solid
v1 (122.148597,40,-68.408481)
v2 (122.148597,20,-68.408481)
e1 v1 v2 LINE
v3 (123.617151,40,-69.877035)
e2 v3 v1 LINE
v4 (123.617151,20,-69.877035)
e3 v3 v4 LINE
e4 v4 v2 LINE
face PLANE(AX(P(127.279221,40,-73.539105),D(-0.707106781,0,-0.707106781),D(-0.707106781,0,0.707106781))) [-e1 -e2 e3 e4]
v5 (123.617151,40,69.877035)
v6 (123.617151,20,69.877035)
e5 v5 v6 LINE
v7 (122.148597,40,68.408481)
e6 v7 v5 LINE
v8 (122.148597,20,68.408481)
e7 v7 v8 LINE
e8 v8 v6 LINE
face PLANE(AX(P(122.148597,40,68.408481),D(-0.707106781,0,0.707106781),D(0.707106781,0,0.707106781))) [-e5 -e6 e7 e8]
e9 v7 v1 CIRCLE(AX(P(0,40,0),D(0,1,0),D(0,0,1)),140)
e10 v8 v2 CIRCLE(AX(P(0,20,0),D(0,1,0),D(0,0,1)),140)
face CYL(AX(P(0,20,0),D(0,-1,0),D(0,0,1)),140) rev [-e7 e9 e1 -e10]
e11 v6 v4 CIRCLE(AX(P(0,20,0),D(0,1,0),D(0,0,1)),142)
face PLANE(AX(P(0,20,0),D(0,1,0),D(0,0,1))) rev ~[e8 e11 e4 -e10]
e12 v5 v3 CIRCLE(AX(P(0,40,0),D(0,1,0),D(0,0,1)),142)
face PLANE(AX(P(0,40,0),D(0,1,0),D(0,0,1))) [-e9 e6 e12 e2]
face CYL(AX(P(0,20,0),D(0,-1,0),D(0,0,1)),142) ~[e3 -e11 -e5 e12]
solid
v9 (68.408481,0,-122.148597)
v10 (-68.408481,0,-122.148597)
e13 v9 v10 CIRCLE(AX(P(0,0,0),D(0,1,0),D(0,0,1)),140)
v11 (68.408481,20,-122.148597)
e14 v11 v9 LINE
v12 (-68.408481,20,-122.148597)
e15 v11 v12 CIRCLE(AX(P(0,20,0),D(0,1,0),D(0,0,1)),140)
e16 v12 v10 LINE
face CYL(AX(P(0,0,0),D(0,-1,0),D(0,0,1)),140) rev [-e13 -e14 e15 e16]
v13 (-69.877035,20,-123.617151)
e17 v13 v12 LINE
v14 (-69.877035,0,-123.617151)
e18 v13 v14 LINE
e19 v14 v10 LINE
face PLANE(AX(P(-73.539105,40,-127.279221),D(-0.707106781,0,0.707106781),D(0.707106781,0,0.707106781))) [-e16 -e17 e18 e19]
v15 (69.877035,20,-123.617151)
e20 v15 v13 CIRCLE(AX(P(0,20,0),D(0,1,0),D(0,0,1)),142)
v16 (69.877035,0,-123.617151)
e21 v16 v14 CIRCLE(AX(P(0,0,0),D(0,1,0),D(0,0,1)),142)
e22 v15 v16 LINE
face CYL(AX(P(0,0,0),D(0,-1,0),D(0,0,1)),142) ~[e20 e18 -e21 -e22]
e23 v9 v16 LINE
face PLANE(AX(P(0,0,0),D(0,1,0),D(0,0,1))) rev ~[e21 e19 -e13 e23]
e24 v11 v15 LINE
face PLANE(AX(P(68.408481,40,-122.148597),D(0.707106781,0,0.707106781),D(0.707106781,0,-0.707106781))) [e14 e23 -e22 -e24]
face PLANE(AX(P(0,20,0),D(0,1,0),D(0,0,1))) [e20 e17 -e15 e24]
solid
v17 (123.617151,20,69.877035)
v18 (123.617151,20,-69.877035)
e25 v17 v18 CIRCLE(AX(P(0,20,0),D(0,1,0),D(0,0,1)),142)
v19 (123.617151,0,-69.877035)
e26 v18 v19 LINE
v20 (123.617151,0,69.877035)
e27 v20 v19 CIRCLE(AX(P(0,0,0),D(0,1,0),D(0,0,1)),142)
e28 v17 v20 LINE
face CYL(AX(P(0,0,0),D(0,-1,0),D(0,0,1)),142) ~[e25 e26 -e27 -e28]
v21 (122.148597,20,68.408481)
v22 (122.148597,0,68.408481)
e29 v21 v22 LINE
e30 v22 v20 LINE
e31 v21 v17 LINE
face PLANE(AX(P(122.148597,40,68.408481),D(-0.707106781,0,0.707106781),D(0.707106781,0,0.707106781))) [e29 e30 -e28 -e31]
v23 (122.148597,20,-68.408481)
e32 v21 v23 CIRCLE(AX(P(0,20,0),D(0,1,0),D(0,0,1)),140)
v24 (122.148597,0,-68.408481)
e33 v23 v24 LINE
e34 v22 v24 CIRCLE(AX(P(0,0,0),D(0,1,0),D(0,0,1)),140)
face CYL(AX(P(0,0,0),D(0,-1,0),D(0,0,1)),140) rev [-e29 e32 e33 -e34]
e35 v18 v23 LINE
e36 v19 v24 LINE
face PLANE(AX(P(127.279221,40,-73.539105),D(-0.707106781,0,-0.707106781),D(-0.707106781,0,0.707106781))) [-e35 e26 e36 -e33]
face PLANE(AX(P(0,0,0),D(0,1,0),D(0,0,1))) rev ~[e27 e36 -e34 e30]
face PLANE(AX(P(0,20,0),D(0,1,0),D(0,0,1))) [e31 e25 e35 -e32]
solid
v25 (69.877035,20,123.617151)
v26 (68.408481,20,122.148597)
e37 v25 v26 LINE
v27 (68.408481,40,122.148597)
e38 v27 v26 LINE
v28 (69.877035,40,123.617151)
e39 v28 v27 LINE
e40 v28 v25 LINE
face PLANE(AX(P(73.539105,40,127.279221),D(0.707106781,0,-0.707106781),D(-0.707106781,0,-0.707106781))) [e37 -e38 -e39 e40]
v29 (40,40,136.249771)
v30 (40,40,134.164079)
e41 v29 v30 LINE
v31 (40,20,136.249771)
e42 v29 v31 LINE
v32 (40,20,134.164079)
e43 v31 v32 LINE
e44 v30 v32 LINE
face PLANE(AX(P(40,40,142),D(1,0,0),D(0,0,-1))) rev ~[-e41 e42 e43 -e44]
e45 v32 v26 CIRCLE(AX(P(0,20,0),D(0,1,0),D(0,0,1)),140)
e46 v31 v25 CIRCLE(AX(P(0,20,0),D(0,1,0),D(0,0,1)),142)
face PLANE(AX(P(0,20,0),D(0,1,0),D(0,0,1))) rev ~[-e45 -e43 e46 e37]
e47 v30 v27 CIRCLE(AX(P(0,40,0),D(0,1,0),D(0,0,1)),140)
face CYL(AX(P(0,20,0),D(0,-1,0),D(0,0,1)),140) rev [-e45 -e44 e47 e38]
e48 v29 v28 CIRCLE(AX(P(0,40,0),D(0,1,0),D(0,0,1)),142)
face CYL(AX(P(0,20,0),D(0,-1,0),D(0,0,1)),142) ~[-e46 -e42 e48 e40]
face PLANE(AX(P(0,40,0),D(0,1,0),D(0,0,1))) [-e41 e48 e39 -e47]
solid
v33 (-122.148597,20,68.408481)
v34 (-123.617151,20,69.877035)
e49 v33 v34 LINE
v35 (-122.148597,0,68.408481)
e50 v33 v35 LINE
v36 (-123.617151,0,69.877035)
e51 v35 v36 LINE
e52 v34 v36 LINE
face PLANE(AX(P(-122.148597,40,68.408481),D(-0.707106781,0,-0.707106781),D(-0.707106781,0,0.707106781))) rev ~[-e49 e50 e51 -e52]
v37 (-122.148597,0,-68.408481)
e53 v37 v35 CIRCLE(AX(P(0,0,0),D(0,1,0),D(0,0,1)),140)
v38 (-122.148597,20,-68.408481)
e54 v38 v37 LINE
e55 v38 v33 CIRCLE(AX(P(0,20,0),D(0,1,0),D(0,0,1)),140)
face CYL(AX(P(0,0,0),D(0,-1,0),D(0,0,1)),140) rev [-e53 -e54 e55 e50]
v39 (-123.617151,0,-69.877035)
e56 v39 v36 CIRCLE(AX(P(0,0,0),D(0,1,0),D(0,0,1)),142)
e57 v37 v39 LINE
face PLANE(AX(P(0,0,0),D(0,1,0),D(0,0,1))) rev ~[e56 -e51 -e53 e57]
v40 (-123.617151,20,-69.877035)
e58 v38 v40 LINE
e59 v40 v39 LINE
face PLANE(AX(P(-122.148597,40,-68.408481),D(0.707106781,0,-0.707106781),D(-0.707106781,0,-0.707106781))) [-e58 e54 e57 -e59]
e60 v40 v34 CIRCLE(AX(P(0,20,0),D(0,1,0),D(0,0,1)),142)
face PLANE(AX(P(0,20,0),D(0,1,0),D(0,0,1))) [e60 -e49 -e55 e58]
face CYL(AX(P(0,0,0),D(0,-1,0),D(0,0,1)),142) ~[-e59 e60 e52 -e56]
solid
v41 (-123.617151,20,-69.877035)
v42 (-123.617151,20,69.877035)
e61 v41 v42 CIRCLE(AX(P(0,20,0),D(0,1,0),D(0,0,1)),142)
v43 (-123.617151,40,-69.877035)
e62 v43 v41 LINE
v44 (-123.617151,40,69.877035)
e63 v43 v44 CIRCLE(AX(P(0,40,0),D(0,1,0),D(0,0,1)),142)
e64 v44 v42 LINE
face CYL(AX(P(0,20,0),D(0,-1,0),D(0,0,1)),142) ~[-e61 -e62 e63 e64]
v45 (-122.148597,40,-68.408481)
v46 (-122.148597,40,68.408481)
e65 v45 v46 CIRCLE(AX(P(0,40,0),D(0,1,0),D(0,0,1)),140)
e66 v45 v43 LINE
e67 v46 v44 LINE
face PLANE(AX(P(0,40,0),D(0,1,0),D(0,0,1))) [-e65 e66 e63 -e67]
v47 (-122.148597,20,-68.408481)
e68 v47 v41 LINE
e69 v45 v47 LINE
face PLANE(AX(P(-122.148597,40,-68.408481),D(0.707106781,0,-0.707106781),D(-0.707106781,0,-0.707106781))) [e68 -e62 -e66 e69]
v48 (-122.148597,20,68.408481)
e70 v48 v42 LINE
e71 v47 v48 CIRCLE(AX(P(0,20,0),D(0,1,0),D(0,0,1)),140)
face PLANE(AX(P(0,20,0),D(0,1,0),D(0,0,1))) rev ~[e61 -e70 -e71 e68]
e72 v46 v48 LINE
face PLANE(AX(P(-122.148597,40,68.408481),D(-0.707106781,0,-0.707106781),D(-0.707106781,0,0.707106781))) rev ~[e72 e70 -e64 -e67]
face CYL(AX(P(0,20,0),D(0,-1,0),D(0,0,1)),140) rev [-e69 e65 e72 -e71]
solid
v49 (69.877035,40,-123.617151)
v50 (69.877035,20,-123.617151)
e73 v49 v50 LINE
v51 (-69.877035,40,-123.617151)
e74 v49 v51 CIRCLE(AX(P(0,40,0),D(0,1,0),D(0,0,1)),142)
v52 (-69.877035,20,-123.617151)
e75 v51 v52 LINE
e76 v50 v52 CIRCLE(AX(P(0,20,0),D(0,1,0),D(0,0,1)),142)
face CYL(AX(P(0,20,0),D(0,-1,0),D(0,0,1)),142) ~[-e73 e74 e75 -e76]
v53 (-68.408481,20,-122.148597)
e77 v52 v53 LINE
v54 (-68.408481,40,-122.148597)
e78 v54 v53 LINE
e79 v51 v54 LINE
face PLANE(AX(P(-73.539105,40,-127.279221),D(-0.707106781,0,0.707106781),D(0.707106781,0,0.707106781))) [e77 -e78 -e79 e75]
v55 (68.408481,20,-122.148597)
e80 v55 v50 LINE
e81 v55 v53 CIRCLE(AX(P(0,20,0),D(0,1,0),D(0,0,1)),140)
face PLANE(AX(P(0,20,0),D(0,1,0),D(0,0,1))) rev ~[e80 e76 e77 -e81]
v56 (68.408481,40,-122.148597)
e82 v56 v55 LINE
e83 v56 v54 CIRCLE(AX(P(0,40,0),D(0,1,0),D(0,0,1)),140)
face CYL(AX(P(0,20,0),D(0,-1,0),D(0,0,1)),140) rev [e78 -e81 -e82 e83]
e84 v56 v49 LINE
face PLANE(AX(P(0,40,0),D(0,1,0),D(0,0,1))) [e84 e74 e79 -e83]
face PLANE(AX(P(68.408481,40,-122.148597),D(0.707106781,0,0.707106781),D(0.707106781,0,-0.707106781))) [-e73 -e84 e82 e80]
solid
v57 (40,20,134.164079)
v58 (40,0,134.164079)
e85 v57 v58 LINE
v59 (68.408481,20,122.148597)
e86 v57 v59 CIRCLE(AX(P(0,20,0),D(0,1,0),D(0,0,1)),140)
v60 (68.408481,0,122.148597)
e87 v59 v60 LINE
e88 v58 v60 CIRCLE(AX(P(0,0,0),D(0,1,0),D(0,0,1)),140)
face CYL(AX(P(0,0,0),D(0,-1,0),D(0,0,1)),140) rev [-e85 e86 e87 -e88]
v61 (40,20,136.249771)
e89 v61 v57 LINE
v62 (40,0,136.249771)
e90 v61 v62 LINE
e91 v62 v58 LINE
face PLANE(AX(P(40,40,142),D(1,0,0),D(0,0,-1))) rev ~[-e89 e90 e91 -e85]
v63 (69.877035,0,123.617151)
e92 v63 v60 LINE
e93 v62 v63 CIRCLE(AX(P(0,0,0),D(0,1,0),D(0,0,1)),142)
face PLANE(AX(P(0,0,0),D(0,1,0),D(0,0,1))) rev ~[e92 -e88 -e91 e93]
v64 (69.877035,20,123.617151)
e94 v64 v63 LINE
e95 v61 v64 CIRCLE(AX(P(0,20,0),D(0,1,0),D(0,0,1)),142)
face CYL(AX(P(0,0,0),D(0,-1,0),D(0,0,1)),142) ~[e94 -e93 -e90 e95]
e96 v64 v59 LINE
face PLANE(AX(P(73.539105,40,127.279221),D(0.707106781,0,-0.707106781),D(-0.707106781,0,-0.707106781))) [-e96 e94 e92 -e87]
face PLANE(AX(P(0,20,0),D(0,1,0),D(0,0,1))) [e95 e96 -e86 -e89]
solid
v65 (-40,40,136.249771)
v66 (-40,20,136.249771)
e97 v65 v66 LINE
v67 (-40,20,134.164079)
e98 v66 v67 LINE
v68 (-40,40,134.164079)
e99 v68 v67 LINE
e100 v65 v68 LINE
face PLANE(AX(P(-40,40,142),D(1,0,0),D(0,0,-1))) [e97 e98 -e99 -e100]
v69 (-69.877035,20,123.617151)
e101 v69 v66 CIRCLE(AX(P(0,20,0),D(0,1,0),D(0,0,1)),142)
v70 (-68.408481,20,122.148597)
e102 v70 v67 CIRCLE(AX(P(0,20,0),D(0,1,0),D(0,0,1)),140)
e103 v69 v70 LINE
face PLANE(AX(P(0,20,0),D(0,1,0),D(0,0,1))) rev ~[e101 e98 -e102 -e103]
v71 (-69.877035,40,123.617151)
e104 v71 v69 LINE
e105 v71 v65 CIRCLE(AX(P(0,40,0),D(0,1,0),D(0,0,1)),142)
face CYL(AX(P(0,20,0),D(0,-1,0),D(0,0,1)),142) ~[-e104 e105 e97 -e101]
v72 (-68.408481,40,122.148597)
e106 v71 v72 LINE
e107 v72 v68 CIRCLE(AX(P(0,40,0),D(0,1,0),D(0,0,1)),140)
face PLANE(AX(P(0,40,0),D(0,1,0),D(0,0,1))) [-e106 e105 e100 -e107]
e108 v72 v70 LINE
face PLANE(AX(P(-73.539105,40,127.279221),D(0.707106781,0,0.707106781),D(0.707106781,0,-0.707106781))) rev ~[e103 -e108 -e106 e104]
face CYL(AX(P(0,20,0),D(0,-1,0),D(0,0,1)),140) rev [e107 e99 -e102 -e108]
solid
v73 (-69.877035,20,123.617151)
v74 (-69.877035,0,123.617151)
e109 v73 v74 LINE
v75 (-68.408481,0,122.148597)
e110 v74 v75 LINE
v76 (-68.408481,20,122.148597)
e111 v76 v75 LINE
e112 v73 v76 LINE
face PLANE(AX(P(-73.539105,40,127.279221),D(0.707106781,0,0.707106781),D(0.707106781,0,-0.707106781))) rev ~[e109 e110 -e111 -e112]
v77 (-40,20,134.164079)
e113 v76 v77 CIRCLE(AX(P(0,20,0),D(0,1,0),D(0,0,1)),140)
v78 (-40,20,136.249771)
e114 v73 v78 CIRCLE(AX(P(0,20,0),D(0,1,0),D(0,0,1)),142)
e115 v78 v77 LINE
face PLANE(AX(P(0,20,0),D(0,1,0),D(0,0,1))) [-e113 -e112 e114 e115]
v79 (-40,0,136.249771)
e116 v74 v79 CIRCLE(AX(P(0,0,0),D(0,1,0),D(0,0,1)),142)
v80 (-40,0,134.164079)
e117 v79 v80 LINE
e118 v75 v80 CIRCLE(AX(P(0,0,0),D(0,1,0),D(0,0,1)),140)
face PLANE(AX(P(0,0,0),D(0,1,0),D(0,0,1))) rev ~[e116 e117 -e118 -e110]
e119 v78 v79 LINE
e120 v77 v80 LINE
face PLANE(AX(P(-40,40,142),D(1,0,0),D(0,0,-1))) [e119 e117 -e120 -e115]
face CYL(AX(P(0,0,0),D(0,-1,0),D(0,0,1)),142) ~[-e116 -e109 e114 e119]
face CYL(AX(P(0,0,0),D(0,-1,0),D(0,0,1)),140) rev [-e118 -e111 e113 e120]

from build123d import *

# Parameters (mm, degrees)
SKETCH1_R           = 142
SKETCH1_R_2         = 140
BOSS_EXTRUDE1_DEPTH = 20
SKETCH2_R           = 142
SKETCH2_R_2         = 140
BOSS_EXTRUDE2_DEPTH = 20
SKETCH3_W           = 80
SKETCH3_H           = 7.83592135
CUT_EXTRUDE1_DEPTH  = 205.763277958
CUT_EXTRUDE2_DEPTH  = 205.763277958


with BuildPart() as part:
    # Sketch1 → Boss-Extrude1 (new body)
    with BuildSketch(Plane(origin=(0, 0, 0), x_dir=(1, 0, 0), z_dir=(0, 1, 0))):
        with Locations(Location((0, 0, 0), (0, 0, 270))):
            Circle(SKETCH1_R)
        with Locations(Location((0, 0, 0), (0, 0, 270))):
            Circle(SKETCH1_R_2, mode=Mode.SUBTRACT)
    extrude(amount=BOSS_EXTRUDE1_DEPTH)


with BuildPart() as body_2:
    # Sketch2 → Boss-Extrude2 (new body)
    with BuildSketch(Plane(origin=(0, 20, 0), x_dir=(1, 0, 0), z_dir=(0, 1, 0))):
        with Locations(Location((0, 0, 0), (0, 0, 270))):
            Circle(SKETCH2_R)
        with Locations(Location((0, 0, 0), (0, 0, 270))):
            Circle(SKETCH2_R_2, mode=Mode.SUBTRACT)
    extrude(amount=BOSS_EXTRUDE2_DEPTH)


with BuildPart() as cut_extrude1_tool:
    # Sketch3 → Cut-Extrude1 (new, through all)
    with BuildSketch(Plane(origin=(0, 40, 0), x_dir=(1, 0, 0), z_dir=(0, 1, 0))):
        with Locations((0, -138.082039325)):
            Rectangle(SKETCH3_W, SKETCH3_H)
    extrude(amount=-CUT_EXTRUDE1_DEPTH)


with BuildPart() as part_1:
    add(part.part)

    # Cut-Extrude1: cut by cut_extrude1_tool
    add(cut_extrude1_tool.part, mode=Mode.SUBTRACT)


with BuildPart() as body_2_1:
    add(body_2.part)

    # Cut-Extrude1: cut by cut_extrude1_tool
    add(cut_extrude1_tool.part, mode=Mode.SUBTRACT)


with BuildPart() as cut_extrude2_tool:
    # Sketch4 → Cut-Extrude2 (new, through all)
    with BuildSketch(Plane(origin=(0, 40, 0), x_dir=(1, 0, 0), z_dir=(0, 1, 0))):
        Polygon((-127.279220614, 73.539105243), (-73.539105243, 127.279220614), (-68.408481347, 122.148596717), (-122.148596717, 68.408481347), align=None)
        Polygon((68.408481347, -122.148596717), (122.148596717, -68.408481347), (127.279220614, -73.539105243), (73.539105243, -127.279220614), align=None)
        Polygon((73.539105243, 127.279220614), (127.279220614, 73.539105243), (122.148596717, 68.408481347), (68.408481347, 122.148596717), align=None)
        Polygon((-127.279220614, -73.539105243), (-73.539105243, -127.279220614), (-68.408481347, -122.148596717), (-122.148596717, -68.408481347), align=None)
    extrude(amount=-CUT_EXTRUDE2_DEPTH)


with BuildPart() as part_2:
    add(part_1.part)

    # Cut-Extrude2: cut by cut_extrude2_tool
    add(cut_extrude2_tool.part, mode=Mode.SUBTRACT)


with BuildPart() as body_2_2:
    add(body_2_1.part)

    # Cut-Extrude2: cut by cut_extrude2_tool
    add(cut_extrude2_tool.part, mode=Mode.SUBTRACT)


with BuildPart() as cut_extrude2_piece_1:
    # of the separate pieces the step leaves, piece 1, a body of its own (cut_extrude2_pieces)
    add(part_2.part.solids().sort_by_distance((122.148596717, 0, 68.408481347))[0])


with BuildPart() as cut_extrude2_piece_2:
    # of the separate pieces the step leaves, piece 2, a body of its own (cut_extrude2_pieces)
    add(part_2.part.solids().sort_by_distance((-122.148596717, 0, -68.408481347))[0])


with BuildPart() as cut_extrude2_piece_3:
    # of the separate pieces the step leaves, piece 3, a body of its own (cut_extrude2_pieces)
    add(part_2.part.solids().sort_by_distance((68.408481347, 0, -122.148596717))[0])


with BuildPart() as cut_extrude2_piece_4:
    # of the separate pieces the step leaves, piece 4, a body of its own (cut_extrude2_pieces)
    add(part_2.part.solids().sort_by_distance((40, 0, 136.249770642))[0])


with BuildPart() as cut_extrude2_piece_5:
    # of the separate pieces the step leaves, piece 5, a body of its own (cut_extrude2_pieces)
    add(part_2.part.solids().sort_by_distance((-68.408481347, 0, 122.148596717))[0])


with BuildPart() as cut_extrude2_piece_1_of_body_2:
    # of the separate pieces the step leaves, piece 1, a body of its own (cut_extrude2_pieces_of_body_2)
    add(body_2_2.part.solids().sort_by_distance((122.148596717, 20, 68.408481347))[0])


with BuildPart() as cut_extrude2_piece_2_of_body_2:
    # of the separate pieces the step leaves, piece 2, a body of its own (cut_extrude2_pieces_of_body_2)
    add(body_2_2.part.solids().sort_by_distance((-122.148596717, 20, -68.408481347))[0])


with BuildPart() as cut_extrude2_piece_3_of_body_2:
    # of the separate pieces the step leaves, piece 3, a body of its own (cut_extrude2_pieces_of_body_2)
    add(body_2_2.part.solids().sort_by_distance((68.408481347, 20, -122.148596717))[0])


with BuildPart() as cut_extrude2_piece_4_of_body_2:
    # of the separate pieces the step leaves, piece 4, a body of its own (cut_extrude2_pieces_of_body_2)
    add(body_2_2.part.solids().sort_by_distance((40, 20, 136.249770642))[0])


with BuildPart() as cut_extrude2_piece_5_of_body_2:
    # of the separate pieces the step leaves, piece 5, a body of its own (cut_extrude2_pieces_of_body_2)
    add(body_2_2.part.solids().sort_by_distance((-68.408481347, 20, 122.148596717))[0])


solid = Compound([cut_extrude2_piece_1.part, cut_extrude2_piece_2.part, cut_extrude2_piece_3.part, cut_extrude2_piece_4.part, cut_extrude2_piece_5.part, cut_extrude2_piece_1_of_body_2.part, cut_extrude2_piece_2_of_body_2.part, cut_extrude2_piece_3_of_body_2.part, cut_extrude2_piece_4_of_body_2.part, cut_extrude2_piece_5_of_body_2.part])
